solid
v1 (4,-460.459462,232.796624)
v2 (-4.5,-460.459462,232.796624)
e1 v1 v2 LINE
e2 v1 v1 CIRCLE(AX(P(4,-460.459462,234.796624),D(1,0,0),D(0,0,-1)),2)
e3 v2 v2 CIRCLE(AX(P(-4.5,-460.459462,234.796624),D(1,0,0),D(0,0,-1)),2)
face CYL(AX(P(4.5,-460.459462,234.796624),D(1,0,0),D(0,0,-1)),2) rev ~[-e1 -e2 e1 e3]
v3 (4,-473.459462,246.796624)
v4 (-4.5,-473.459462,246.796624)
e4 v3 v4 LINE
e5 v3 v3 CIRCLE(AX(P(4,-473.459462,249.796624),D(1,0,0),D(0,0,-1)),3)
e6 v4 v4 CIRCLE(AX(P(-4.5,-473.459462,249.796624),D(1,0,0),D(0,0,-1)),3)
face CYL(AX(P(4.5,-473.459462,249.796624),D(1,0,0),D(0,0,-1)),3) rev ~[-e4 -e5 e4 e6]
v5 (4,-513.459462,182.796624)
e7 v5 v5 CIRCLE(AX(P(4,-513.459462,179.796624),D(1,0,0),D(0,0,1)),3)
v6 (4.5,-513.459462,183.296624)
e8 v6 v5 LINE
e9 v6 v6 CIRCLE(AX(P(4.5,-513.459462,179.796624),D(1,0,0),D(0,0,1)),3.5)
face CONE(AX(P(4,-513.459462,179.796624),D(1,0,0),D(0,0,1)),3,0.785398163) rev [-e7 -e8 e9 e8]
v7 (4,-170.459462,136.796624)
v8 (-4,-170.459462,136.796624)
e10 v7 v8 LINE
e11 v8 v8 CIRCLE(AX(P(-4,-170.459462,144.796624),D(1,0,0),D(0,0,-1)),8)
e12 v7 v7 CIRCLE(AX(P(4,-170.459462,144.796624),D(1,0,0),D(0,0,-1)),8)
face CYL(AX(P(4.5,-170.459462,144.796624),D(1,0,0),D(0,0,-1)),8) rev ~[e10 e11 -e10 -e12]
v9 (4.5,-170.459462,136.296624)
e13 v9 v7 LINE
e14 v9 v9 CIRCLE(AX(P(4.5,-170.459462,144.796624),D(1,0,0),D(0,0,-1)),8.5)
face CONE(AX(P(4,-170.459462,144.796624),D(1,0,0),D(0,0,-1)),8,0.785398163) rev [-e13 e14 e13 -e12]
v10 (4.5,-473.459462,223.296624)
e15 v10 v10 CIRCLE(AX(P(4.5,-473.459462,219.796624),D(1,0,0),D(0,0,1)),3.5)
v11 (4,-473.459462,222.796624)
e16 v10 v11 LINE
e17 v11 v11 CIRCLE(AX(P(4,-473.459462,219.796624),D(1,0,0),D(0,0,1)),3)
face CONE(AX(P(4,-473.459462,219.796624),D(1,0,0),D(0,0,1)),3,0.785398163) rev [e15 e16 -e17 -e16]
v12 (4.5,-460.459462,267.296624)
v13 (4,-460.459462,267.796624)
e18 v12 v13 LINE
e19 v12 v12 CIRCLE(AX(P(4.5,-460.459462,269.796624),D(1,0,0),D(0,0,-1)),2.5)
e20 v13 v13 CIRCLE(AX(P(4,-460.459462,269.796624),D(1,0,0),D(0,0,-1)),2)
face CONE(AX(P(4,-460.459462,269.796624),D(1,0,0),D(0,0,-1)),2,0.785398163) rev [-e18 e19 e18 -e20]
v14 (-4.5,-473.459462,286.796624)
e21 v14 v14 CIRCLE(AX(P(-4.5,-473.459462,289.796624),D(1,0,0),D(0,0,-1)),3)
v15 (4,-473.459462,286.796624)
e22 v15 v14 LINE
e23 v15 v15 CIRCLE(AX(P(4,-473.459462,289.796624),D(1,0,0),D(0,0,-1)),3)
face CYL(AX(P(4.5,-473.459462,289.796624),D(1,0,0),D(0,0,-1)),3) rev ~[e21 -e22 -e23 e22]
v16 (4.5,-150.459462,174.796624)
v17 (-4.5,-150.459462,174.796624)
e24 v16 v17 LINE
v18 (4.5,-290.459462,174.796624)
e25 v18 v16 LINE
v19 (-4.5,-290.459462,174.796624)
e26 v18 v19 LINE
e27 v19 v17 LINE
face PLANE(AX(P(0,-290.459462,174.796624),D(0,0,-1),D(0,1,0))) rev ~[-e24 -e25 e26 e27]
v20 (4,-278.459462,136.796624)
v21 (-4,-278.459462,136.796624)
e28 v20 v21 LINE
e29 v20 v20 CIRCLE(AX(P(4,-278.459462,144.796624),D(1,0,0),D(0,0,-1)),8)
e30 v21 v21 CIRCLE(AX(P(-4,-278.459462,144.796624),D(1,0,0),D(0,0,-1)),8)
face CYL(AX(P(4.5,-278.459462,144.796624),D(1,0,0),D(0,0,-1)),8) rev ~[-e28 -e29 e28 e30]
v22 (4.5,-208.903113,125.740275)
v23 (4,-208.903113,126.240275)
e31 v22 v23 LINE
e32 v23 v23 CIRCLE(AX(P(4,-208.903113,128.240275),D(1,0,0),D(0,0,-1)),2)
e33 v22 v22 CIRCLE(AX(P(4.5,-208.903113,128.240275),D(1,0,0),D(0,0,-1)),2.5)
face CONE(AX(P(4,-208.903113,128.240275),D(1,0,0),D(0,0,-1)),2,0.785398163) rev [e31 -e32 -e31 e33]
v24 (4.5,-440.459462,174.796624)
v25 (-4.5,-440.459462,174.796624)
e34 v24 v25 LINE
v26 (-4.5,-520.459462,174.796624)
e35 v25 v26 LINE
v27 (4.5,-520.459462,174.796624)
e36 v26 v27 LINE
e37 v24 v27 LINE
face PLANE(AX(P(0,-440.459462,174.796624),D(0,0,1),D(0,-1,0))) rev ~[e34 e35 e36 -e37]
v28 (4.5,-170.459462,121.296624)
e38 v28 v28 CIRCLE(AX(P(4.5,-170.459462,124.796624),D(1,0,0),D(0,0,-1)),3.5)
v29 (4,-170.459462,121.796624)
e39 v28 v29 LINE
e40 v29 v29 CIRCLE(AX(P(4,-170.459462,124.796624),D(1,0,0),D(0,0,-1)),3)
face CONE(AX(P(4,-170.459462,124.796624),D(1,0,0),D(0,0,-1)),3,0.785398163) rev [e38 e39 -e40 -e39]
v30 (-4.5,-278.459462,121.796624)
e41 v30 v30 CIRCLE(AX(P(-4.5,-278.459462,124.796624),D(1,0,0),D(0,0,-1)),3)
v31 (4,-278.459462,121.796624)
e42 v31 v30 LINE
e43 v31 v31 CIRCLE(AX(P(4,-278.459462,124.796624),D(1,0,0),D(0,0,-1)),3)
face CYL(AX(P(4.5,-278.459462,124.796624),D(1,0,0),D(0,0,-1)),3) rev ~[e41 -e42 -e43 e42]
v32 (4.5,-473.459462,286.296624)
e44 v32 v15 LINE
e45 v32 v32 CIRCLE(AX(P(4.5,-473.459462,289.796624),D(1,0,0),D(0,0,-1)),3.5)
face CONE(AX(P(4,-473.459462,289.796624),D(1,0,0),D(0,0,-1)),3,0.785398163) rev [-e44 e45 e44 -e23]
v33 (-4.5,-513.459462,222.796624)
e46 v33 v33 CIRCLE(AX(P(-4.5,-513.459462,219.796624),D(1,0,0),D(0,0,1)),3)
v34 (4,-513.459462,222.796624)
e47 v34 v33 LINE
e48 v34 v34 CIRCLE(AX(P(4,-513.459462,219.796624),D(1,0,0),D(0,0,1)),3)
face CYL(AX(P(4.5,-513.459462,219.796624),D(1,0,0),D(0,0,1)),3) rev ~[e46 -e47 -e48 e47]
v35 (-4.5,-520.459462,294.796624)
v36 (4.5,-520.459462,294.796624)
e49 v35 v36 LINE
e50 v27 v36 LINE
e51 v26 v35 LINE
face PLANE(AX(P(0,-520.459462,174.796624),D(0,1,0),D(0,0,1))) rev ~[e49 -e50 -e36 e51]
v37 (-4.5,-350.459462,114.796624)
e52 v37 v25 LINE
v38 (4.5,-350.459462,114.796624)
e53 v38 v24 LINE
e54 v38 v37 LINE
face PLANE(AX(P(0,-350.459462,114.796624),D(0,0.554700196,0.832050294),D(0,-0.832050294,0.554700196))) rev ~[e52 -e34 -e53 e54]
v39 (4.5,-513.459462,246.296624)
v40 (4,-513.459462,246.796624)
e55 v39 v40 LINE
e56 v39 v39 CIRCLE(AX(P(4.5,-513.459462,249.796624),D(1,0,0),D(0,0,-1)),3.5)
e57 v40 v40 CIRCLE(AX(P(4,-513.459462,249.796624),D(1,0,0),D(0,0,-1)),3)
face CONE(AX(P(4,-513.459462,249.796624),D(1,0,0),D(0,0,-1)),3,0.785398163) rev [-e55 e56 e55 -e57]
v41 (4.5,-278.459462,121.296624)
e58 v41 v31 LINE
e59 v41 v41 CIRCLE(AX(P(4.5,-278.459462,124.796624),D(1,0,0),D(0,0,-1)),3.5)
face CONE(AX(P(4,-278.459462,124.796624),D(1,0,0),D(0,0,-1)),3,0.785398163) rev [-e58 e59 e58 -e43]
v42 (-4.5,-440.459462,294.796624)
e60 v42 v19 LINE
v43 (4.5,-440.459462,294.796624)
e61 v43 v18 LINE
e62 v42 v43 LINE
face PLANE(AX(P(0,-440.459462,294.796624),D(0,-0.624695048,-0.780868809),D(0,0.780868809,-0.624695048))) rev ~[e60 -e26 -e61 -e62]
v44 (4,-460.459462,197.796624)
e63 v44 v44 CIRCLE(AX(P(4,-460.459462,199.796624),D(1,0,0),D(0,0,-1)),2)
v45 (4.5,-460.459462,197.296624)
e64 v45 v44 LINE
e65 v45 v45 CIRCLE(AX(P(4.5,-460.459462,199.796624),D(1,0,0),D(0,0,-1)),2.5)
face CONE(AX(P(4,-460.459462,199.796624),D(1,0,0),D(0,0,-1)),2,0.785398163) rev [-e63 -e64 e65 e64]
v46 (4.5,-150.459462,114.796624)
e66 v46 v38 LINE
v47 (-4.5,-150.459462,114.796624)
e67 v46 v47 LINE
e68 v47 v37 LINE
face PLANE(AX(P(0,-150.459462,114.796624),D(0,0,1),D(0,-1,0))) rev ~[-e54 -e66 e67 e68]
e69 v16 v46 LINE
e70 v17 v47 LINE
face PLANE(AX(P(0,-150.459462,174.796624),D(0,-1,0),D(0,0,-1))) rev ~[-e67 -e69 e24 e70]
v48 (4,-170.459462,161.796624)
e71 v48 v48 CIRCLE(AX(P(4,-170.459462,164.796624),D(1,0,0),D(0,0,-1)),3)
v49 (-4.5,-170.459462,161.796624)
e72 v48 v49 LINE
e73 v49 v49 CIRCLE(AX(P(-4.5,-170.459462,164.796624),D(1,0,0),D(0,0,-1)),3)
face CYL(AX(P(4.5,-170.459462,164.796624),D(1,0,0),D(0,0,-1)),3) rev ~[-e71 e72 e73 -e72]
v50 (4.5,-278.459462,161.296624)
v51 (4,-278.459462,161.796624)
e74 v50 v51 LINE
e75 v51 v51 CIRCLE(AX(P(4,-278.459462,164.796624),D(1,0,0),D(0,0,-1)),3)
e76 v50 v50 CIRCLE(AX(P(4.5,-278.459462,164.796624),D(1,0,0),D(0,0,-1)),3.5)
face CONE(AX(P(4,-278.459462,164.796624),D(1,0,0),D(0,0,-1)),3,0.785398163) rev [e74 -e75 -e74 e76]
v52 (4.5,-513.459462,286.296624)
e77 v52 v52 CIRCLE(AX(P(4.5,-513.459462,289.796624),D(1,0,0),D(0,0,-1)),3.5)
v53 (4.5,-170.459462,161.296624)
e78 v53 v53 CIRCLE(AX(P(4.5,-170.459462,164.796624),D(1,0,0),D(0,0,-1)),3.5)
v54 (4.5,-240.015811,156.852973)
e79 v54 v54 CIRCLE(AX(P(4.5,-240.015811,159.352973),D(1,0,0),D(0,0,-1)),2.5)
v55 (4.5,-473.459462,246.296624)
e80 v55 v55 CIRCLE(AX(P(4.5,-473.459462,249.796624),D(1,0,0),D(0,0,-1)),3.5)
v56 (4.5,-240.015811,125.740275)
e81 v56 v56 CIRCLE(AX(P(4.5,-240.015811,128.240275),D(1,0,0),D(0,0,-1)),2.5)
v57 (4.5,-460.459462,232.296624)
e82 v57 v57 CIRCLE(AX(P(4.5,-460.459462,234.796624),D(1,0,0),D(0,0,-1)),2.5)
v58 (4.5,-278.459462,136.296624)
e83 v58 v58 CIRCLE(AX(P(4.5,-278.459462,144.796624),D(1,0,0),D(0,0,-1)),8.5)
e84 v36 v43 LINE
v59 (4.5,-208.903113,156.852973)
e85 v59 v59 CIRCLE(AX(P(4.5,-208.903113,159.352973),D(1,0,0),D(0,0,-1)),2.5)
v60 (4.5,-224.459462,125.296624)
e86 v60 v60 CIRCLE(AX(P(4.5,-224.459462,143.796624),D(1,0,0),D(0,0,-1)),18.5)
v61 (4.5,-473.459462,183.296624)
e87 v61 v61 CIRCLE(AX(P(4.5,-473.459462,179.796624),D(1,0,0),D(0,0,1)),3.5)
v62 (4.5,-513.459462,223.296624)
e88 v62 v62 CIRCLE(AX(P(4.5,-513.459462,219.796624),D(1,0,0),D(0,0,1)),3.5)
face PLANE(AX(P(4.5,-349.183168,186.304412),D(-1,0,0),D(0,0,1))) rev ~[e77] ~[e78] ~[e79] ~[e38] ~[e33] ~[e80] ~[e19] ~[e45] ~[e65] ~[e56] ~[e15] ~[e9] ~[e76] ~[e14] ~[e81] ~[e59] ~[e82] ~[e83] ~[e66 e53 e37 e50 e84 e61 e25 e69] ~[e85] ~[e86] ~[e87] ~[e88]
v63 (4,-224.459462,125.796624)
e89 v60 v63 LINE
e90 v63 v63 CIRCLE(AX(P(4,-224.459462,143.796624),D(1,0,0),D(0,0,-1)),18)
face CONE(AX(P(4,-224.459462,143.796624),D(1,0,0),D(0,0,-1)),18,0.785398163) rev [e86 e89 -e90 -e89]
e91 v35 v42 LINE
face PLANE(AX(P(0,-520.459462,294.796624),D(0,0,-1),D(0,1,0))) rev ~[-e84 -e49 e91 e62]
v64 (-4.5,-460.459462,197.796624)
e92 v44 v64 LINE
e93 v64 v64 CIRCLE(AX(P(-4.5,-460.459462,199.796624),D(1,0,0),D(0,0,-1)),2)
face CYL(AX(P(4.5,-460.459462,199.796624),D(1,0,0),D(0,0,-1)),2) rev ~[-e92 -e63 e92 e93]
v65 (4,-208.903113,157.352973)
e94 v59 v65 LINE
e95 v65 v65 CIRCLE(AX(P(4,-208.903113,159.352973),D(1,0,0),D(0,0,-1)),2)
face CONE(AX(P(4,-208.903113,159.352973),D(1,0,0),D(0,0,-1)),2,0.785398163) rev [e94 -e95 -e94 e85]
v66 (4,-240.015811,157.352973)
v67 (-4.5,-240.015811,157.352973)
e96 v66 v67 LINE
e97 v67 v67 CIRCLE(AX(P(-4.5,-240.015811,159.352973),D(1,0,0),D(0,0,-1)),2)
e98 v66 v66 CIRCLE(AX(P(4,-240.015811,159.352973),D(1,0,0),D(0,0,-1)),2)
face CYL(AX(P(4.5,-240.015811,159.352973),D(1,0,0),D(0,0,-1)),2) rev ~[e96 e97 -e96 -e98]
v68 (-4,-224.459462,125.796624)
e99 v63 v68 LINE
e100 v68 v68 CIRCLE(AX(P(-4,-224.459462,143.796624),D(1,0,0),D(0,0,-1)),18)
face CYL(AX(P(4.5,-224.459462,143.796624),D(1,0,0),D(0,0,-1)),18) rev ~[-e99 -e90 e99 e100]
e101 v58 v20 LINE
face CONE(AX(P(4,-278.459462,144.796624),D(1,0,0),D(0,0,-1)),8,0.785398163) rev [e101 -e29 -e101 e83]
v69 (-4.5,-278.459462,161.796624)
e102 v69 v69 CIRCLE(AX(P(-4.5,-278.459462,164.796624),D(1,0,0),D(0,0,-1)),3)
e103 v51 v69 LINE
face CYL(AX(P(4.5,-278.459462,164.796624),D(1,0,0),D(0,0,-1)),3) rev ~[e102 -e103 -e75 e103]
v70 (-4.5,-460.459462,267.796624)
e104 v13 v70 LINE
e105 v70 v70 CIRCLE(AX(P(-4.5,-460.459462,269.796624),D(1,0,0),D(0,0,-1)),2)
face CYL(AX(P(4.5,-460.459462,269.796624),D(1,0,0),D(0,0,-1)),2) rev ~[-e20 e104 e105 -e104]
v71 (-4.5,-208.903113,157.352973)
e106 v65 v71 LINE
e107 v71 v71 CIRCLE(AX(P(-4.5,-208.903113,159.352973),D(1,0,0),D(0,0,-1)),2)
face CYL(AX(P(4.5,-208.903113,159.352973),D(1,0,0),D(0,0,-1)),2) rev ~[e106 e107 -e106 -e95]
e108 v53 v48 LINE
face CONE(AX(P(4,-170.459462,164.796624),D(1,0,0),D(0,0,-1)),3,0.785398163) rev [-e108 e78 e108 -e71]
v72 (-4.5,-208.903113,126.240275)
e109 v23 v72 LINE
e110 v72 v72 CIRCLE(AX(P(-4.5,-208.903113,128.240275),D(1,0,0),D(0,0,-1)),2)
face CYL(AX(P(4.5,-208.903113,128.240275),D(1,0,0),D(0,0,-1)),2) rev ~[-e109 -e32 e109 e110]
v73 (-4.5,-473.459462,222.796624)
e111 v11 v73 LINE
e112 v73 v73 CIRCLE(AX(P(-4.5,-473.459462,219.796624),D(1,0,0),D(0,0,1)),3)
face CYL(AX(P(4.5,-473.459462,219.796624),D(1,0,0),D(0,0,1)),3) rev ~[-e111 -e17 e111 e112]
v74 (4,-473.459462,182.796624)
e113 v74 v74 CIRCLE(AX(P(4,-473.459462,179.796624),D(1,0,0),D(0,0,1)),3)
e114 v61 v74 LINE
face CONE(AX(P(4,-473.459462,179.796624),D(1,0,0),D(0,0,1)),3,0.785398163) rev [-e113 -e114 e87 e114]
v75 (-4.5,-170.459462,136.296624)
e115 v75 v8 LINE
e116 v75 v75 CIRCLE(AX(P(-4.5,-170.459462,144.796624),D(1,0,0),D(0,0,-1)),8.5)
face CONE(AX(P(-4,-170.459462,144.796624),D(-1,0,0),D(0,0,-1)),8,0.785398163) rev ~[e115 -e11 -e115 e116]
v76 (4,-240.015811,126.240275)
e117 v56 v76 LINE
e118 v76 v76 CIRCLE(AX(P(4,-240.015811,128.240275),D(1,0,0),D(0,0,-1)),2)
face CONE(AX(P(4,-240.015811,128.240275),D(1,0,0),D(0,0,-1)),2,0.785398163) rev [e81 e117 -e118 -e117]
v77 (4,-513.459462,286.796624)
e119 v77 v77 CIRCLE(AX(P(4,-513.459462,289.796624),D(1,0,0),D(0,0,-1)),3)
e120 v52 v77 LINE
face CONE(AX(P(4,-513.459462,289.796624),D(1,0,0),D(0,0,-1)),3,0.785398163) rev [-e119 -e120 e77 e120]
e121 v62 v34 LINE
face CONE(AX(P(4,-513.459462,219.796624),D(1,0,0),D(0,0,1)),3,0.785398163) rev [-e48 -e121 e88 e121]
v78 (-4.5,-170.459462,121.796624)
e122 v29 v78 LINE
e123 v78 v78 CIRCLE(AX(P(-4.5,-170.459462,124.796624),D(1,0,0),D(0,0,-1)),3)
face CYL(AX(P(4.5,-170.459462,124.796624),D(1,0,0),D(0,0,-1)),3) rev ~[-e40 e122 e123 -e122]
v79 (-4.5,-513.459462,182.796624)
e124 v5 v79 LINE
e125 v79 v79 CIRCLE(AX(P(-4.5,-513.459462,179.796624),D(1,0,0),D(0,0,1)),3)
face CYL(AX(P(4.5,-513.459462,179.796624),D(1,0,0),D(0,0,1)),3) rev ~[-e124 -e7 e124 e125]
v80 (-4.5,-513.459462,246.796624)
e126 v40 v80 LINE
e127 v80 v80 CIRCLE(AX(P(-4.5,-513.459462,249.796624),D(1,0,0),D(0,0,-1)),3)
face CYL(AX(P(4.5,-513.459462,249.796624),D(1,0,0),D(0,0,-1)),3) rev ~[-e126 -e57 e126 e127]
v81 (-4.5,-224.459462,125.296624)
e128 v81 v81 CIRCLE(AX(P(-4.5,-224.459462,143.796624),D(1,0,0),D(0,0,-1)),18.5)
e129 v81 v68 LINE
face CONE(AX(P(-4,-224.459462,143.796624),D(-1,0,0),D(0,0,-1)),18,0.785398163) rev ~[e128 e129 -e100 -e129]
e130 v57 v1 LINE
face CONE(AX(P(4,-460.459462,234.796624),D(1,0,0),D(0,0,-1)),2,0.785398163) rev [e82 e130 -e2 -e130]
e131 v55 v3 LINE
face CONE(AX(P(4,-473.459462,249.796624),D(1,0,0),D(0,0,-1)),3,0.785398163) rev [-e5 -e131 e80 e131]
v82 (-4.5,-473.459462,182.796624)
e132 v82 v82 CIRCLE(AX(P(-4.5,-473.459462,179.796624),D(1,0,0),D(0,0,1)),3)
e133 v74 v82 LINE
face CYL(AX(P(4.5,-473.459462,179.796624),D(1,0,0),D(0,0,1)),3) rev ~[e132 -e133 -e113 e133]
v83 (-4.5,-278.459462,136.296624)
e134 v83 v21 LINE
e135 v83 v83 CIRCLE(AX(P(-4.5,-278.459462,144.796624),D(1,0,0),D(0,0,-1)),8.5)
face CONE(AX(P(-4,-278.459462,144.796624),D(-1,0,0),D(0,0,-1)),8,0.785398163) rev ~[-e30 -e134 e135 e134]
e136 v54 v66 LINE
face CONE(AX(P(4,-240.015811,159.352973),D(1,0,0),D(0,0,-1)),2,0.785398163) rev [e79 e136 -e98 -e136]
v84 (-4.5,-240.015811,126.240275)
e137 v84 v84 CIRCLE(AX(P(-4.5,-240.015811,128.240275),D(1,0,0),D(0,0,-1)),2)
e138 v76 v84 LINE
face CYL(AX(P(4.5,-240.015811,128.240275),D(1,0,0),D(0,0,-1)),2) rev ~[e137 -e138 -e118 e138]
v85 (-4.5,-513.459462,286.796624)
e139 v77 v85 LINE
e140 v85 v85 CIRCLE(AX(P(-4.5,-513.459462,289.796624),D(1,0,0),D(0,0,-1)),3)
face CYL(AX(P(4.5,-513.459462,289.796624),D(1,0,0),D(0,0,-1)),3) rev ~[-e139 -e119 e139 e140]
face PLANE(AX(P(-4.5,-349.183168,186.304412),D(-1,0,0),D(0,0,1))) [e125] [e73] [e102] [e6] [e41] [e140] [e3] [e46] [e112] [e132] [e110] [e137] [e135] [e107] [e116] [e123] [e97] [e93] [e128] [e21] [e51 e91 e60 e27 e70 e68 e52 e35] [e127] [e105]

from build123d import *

# Parameters (mm, degrees)
SALIENTE_EXTRUIR1_DEPTH = 4.5
CROQUIS4_R              = 18
CROQUIS4_R_2            = 2
CORTAR_EXTRUIR3_DEPTH   = 599.217436148
CHAFL_N1_SIZE           = 0.5
CROQUIS5_R              = 8
CROQUIS5_R_2            = 3
CORTAR_EXTRUIR4_DEPTH   = 599.217436148
CHAFL_N2_SIZE           = 0.5
CROQUIS3_R              = 3
CORTAR_EXTRUIR2_DEPTH   = 599.217436148
CHAFL_N3_SIZE           = 0.5
CROQUIS2_R              = 2
CORTAR_EXTRUIR1_DEPTH   = 599.217436148
CHAFL_N4_SIZE           = 0.5
CHAFL_N5_SIZE           = 0.5


with BuildPart() as part:
    # Croquis1 → Saliente-Extruir1 (new, symmetric)
    with BuildSketch(Plane(origin=(0, 0, 0), x_dir=(0, 0, -1), z_dir=(1, 0, 0))):
        Polygon((-294.796624044, -440.459461787), (-174.796624044, -290.459461787), (-174.796624044, -150.459461787), (-114.796624044, -150.459461787), (-114.796624044, -350.459461787), (-174.796624044, -440.459461787), (-174.796624044, -520.459461787), (-294.796624044, -520.459461787), align=None)
    extrude(amount=SALIENTE_EXTRUIR1_DEPTH, both=True)

    # Croquis4 → Cortar-Extruir3 (cut, through all)
    with BuildSketch(Plane(origin=(4.5, 0, 0), x_dir=(0, 0, -1), z_dir=(1, 0, 0))):
        with Locations((-143.796624044, -224.459461787)):
            Circle(CROQUIS4_R)
        with Locations((-159.35297323, -208.903112601)):
            Circle(CROQUIS4_R_2)
        with Locations((-128.240274858, -208.903112601)):
            Circle(CROQUIS4_R_2)
        with Locations((-128.240274858, -240.015810973)):
            Circle(CROQUIS4_R_2)
        with Locations((-159.35297323, -240.015810973)):
            Circle(CROQUIS4_R_2)
    extrude(amount=-CORTAR_EXTRUIR3_DEPTH, mode=Mode.SUBTRACT)

    # Chaflán1
    chafl_n1_edges = [part.edges().sort_by_distance(p)[0] for p in [
        (4.5, -224.459461787, 161.796624044),
        (4.5, -208.903112601, 161.35297323),
        (4.5, -208.903112601, 130.240274858),
        (4.5, -240.015810973, 130.240274858),
        (4.5, -240.015810973, 161.35297323),
    ]]
    chamfer(chafl_n1_edges, length=CHAFL_N1_SIZE)

    # Croquis5 → Cortar-Extruir4 (cut, through all)
    with BuildSketch(Plane(origin=(4.5, 0, 0), x_dir=(0, 0, -1), z_dir=(1, 0, 0))):
        with Locations((-144.796624044, -170.459461787)):
            Circle(CROQUIS5_R)
        with Locations((-144.796624044, -278.459461787)):
            Circle(CROQUIS5_R)
        with Locations((-124.796624044, -170.459461787)):
            Circle(CROQUIS5_R_2)
        with Locations((-164.796624044, -170.459461787)):
            Circle(CROQUIS5_R_2)
        with Locations((-164.796624044, -278.459461787)):
            Circle(CROQUIS5_R_2)
        with Locations((-124.796624044, -278.459461787)):
            Circle(CROQUIS5_R_2)
    extrude(amount=-CORTAR_EXTRUIR4_DEPTH, mode=Mode.SUBTRACT)

    # Chaflán2
    chafl_n2_edges = [part.edges().sort_by_distance(p)[0] for p in [
        (4.5, -170.459461787, 152.796624044),
        (4.5, -278.459461787, 152.796624044),
        (4.5, -170.459461787, 127.796624044),
        (4.5, -170.459461787, 167.796624044),
        (4.5, -278.459461787, 167.796624044),
        (4.5, -278.459461787, 127.796624044),
    ]]
    chamfer(chafl_n2_edges, length=CHAFL_N2_SIZE)

    # Croquis3 → Cortar-Extruir2 (cut, through all)
    with BuildSketch(Plane(origin=(4.5, 0, 0), x_dir=(0, 0, -1), z_dir=(1, 0, 0))):
        with Locations((-289.796624044, -473.459461787)):
            Circle(CROQUIS3_R)
        with Locations((-289.796624044, -513.459461787)):
            Circle(CROQUIS3_R)
        with Locations((-249.796624044, -473.459461787)):
            Circle(CROQUIS3_R)
        with Locations((-249.796624044, -513.459461787)):
            Circle(CROQUIS3_R)
        with Locations(Location((-219.796624044, -513.459461787, 0), (0, 0, 180))):
            Circle(CROQUIS3_R)
        with Locations(Location((-219.796624044, -473.459461787, 0), (0, 0, 180))):
            Circle(CROQUIS3_R)
        with Locations(Location((-179.796624044, -513.459461787, 0), (0, 0, 180))):
            Circle(CROQUIS3_R)
        with Locations(Location((-179.796624044, -473.459461787, 0), (0, 0, 180))):
            Circle(CROQUIS3_R)
    extrude(amount=-CORTAR_EXTRUIR2_DEPTH, mode=Mode.SUBTRACT)

    # Chaflán3
    chafl_n3_edges = [part.edges().sort_by_distance(p)[0] for p in [
        (4.5, -473.459461787, 292.796624044),
        (4.5, -513.459461787, 292.796624044),
        (4.5, -473.459461787, 252.796624044),
        (4.5, -513.459461787, 252.796624044),
        (4.5, -513.459461787, 216.796624044),
        (4.5, -473.459461787, 216.796624044),
        (4.5, -513.459461787, 176.796624044),
        (4.5, -473.459461787, 176.796624044),
    ]]
    chamfer(chafl_n3_edges, length=CHAFL_N3_SIZE)

    # Croquis2 → Cortar-Extruir1 (cut, through all)
    with BuildSketch(Plane(origin=(4.5, 0, 0), x_dir=(0, 0, -1), z_dir=(1, 0, 0))):
        with Locations((-234.796624044, -460.459461787)):
            Circle(CROQUIS2_R)
        with Locations((-269.796624044, -460.459461787)):
            Circle(CROQUIS2_R)
        with Locations((-199.796624044, -460.459461787)):
            Circle(CROQUIS2_R)
    extrude(amount=-CORTAR_EXTRUIR1_DEPTH, mode=Mode.SUBTRACT)

    # Chaflán4
    chafl_n4_edges = [part.edges().sort_by_distance(p)[0] for p in [
        (4.5, -460.459461787, 236.796624044),
        (4.5, -460.459461787, 271.796624044),
        (4.5, -460.459461787, 201.796624044),
    ]]
    chamfer(chafl_n4_edges, length=CHAFL_N4_SIZE)

    # Chaflán5
    chafl_n5_edges = [part.edges().sort_by_distance(p)[0] for p in [
        (-4.5, -224.459461787, 161.796624044),
        (-4.5, -170.459461787, 152.796624044),
        (-4.5, -278.459461787, 152.796624044),
    ]]
    chamfer(chafl_n5_edges, length=CHAFL_N5_SIZE)


solid = part.part
